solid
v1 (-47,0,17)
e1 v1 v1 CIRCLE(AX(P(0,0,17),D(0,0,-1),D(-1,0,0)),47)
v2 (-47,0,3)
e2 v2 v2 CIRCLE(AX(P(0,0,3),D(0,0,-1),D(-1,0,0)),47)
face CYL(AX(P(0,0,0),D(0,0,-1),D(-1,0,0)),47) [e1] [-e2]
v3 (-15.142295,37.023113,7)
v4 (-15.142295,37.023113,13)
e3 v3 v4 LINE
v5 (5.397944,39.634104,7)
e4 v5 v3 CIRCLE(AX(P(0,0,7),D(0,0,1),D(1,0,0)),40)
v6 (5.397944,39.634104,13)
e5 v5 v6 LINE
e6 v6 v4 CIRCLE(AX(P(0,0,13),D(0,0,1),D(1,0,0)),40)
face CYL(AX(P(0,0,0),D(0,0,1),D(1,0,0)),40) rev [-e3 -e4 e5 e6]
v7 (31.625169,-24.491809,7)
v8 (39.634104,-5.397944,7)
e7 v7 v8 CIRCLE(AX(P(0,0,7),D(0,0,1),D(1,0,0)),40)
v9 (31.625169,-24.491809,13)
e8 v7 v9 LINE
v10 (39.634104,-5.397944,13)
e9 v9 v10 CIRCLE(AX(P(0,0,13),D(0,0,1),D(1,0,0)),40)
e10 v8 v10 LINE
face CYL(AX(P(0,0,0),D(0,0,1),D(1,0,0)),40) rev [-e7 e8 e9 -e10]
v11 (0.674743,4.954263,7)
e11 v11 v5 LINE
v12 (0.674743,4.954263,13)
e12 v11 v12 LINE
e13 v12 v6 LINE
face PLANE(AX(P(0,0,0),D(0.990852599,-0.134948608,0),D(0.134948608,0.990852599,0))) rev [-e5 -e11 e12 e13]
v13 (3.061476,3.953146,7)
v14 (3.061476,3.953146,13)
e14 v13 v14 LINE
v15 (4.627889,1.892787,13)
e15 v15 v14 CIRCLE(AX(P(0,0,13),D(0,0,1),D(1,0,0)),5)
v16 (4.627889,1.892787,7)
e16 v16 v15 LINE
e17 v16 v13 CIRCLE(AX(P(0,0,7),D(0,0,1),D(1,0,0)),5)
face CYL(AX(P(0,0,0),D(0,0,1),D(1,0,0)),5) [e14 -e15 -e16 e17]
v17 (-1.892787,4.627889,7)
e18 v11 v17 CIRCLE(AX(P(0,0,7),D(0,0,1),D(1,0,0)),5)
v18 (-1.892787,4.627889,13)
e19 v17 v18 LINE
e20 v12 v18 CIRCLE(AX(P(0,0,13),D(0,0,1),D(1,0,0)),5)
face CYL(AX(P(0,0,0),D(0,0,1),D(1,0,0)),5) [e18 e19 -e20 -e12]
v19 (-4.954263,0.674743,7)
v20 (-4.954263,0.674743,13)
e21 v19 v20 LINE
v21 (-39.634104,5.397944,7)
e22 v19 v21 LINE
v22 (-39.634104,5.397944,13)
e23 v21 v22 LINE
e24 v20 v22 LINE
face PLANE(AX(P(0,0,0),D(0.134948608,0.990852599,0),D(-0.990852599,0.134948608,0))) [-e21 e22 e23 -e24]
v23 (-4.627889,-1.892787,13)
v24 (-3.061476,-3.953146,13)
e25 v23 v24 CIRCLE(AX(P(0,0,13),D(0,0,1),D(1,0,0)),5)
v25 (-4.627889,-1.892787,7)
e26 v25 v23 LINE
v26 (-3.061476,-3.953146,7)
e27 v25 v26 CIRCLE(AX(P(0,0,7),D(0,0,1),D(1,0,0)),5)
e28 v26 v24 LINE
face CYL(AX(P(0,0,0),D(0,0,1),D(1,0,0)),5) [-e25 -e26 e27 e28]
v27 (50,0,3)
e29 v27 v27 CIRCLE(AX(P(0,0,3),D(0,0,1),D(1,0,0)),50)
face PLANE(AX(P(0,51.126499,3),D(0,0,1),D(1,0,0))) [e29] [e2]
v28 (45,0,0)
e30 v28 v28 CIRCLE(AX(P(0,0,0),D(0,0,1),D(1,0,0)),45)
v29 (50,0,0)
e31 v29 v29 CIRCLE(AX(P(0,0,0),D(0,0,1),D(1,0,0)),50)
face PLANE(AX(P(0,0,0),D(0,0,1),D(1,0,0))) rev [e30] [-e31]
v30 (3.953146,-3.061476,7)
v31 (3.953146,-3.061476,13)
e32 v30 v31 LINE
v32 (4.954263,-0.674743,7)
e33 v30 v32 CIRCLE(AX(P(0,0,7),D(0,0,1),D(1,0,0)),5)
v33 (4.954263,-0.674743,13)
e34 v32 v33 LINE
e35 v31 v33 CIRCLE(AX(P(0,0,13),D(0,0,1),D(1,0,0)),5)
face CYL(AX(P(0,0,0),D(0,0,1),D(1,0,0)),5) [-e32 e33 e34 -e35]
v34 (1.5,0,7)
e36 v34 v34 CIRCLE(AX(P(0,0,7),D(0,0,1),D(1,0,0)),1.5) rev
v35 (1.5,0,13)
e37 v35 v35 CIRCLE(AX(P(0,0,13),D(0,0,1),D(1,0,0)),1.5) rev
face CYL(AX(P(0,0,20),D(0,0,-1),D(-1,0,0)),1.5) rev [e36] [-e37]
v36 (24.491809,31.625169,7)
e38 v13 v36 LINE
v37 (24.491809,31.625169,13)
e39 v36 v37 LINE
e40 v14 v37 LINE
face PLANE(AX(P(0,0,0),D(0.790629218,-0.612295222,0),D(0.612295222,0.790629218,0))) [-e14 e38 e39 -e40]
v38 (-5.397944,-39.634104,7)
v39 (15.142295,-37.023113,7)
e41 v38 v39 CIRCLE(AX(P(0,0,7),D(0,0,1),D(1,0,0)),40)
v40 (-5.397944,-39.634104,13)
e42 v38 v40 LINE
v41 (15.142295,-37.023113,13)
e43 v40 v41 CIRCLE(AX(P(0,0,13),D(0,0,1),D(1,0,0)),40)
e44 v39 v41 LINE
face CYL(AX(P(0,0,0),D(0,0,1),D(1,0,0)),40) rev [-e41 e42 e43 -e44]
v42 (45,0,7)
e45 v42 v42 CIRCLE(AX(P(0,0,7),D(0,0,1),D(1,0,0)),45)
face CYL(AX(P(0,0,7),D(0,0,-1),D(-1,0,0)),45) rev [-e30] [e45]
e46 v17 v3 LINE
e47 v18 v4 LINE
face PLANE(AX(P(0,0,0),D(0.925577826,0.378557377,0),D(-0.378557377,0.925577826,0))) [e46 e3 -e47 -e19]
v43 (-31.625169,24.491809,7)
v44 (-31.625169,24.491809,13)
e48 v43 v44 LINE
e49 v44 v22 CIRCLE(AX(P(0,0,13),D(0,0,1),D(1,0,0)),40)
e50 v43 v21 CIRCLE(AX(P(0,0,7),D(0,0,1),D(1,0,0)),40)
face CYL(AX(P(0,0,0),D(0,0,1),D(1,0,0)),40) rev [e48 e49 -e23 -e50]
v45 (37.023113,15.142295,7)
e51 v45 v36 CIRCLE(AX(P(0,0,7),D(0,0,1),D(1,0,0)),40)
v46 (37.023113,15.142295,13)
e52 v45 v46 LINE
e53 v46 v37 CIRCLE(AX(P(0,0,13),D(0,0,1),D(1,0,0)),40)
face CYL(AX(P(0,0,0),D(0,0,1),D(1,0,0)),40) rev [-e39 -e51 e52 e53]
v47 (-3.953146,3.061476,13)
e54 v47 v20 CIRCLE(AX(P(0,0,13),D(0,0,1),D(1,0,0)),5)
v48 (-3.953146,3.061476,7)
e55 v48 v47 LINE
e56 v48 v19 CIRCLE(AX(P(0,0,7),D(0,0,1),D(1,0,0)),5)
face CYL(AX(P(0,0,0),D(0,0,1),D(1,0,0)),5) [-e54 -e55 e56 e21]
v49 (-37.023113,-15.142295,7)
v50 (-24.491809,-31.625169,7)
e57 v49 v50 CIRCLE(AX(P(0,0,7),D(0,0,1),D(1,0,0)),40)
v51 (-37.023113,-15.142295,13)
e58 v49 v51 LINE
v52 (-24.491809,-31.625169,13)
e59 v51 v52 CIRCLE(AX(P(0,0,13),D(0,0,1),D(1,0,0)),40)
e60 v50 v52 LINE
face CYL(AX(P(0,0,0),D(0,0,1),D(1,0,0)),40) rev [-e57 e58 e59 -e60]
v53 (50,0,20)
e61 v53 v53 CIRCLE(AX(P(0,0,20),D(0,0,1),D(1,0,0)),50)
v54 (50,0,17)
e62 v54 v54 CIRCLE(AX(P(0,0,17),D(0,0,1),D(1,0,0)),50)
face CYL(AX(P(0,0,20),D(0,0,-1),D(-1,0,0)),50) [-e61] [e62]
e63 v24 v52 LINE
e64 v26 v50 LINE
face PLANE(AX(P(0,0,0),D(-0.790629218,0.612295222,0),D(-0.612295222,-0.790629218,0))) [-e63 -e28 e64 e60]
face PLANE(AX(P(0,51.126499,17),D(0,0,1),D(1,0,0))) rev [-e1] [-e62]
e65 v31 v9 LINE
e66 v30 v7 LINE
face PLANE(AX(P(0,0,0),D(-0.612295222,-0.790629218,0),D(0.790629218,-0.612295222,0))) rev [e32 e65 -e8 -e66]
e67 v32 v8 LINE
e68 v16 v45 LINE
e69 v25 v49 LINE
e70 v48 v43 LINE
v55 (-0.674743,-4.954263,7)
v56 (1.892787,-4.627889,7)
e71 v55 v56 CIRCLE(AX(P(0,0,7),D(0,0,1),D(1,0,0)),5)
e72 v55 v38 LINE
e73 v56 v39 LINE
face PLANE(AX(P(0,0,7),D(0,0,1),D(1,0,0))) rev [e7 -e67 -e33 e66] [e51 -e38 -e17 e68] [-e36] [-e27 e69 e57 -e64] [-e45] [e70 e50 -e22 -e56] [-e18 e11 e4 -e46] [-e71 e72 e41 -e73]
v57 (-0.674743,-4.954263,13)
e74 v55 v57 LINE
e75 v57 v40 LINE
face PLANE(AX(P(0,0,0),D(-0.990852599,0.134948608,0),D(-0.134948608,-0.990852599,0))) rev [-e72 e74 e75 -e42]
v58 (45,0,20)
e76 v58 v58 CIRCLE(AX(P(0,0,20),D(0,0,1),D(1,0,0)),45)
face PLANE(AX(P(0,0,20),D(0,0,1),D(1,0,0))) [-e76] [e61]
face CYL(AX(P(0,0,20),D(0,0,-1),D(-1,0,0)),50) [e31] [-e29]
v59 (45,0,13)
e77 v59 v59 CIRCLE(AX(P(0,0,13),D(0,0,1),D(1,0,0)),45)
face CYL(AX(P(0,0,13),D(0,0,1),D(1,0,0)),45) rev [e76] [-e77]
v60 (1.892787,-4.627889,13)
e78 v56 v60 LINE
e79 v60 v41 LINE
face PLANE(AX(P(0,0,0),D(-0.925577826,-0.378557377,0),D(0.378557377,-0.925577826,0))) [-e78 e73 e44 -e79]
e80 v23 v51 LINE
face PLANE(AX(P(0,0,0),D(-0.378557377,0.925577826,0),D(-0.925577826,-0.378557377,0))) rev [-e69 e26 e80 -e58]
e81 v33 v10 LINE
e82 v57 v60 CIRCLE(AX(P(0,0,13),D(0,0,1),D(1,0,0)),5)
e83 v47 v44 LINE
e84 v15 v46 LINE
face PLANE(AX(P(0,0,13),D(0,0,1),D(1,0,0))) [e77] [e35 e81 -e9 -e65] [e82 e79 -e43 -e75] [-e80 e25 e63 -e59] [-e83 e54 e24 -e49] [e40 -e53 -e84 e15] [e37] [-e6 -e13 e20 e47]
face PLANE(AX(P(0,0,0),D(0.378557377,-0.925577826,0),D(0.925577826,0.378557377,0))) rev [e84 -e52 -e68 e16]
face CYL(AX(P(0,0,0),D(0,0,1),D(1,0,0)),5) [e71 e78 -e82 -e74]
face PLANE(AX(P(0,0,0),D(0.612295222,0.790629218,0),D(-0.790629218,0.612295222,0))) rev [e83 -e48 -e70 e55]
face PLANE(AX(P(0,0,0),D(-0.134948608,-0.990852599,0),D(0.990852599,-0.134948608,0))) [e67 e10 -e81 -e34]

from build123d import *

# Parameters (mm, degrees)
ESQUISSE2_R             = 50
BOSS_EXTRU_1_DEPTH      = 20
ESQUISSE3_R             = 45
ENL_V_MAT_EXTRU_1_DEPTH = 7
ESQUISSE4_R             = 45
ENL_V_MAT_EXTRU_2_DEPTH = 7
ENL_V_MAT_EXTRU_3_DEPTH = 14
ESQUISSE7_W             = 14
ESQUISSE7_H             = 4.126499196
ESQUISSE8_R             = 1.5
ENL_V_MAT_EXTRU_4_DEPTH = 21


with BuildPart() as part:
    # Esquisse2 → Boss.-Extru.1 (new body)
    with BuildSketch(Plane.XY):
        Circle(ESQUISSE2_R)
    extrude(amount=BOSS_EXTRU_1_DEPTH)

    # Esquisse3 → Enlèv. mat.-Extru.1 (cut)
    with BuildSketch(Plane.XY):
        Circle(ESQUISSE3_R)
    extrude(amount=ENL_V_MAT_EXTRU_1_DEPTH, mode=Mode.SUBTRACT)

    # Esquisse4 → Enlèv. mat.-Extru.2 (cut)
    with BuildSketch(Plane.XY.offset(20)):
        Circle(ESQUISSE4_R)
    extrude(amount=-ENL_V_MAT_EXTRU_2_DEPTH, mode=Mode.SUBTRACT)

    # Esquisse6 → Enlèv. mat.-Extru.3 (cut, through all)
    with BuildSketch(Plane.XY.offset(13)):
        with BuildLine():
            ThreePointArc((3.061476111, 3.953146092), (3.980308338, 3.026077582), (4.627889131, 1.892786885))
            Line((4.627889131, 1.892786885), (37.023113047, 15.142295082))
            ThreePointArc((37.023113047, 15.142295082), (31.842466708, 24.208620654), (24.491808885, 31.625168736))
            Line((24.491808885, 31.625168736), (3.061476111, 3.953146092))
        make_face()
        with BuildLine():
            ThreePointArc((-1.892786885, 4.627889131), (-0.63050589, 4.960086927), (0.674743039, 4.954262996))
            Line((0.674743039, 4.954262996), (5.397944311, 39.634103966))
            ThreePointArc((5.397944311, 39.634103966), (-5.044047123, 39.680695415), (-15.142295082, 37.023113047))
            Line((-15.142295082, 37.023113047), (-1.892786885, 4.627889131))
        make_face()
        with BuildLine():
            ThreePointArc((-4.954262996, 0.674743039), (-4.610814229, 1.934009345), (-3.953146092, 3.061476111))
            Line((-3.953146092, 3.061476111), (-31.625168736, 24.491808885))
            ThreePointArc((-31.625168736, 24.491808885), (-36.886513831, 15.472074761), (-39.634103966, 5.397944311))
            Line((-39.634103966, 5.397944311), (-4.954262996, 0.674743039))
        make_face()
        with BuildLine():
            Line((-24.491808885, -31.625168736), (-3.061476111, -3.953146092))
            ThreePointArc((-3.061476111, -3.953146092), (-3.980308338, -3.026077582), (-4.627889131, -1.892786885))
            Line((-4.627889131, -1.892786885), (-37.023113047, -15.142295082))
            ThreePointArc((-37.023113047, -15.142295082), (-31.842466708, -24.208620654), (-24.491808885, -31.625168736))
        make_face()
        with BuildLine():
            Line((15.142295082, -37.023113047), (1.892786885, -4.627889131))
            ThreePointArc((1.892786885, -4.627889131), (0.63050589, -4.960086927), (-0.674743039, -4.954262996))
            Line((-0.674743039, -4.954262996), (-5.397944311, -39.634103966))
            ThreePointArc((-5.397944311, -39.634103966), (5.044047123, -39.680695415), (15.142295082, -37.023113047))
        make_face()
        with BuildLine():
            Line((39.634103966, -5.397944311), (4.954262996, -0.674743039))
            ThreePointArc((4.954262996, -0.674743039), (4.610814229, -1.934009345), (3.953146092, -3.061476111))
            Line((3.953146092, -3.061476111), (31.625168736, -24.491808885))
            ThreePointArc((31.625168736, -24.491808885), (36.886513831, -15.472074761), (39.634103966, -5.397944311))
        make_face()
    extrude(amount=-ENL_V_MAT_EXTRU_3_DEPTH, mode=Mode.SUBTRACT)

    # Esquisse7 → Enlèvement de matière-Révolution1 (revolve, cut)
    with BuildSketch(Plane(origin=(0, 0, 0), x_dir=(0, 0, -1), z_dir=(1, 0, 0))):
        with Locations((-10, 49.063249598)):
            Rectangle(ESQUISSE7_W, ESQUISSE7_H)
    revolve(axis=Axis((0, 0, 0), (0, 0, 1)), mode=Mode.SUBTRACT)

    # Esquisse8 → Enlèv. mat.-Extru.4 (cut, through all)
    with BuildSketch(Plane.XY):
        Circle(ESQUISSE8_R)
    extrude(amount=ENL_V_MAT_EXTRU_4_DEPTH, mode=Mode.SUBTRACT)


solid = part.part
